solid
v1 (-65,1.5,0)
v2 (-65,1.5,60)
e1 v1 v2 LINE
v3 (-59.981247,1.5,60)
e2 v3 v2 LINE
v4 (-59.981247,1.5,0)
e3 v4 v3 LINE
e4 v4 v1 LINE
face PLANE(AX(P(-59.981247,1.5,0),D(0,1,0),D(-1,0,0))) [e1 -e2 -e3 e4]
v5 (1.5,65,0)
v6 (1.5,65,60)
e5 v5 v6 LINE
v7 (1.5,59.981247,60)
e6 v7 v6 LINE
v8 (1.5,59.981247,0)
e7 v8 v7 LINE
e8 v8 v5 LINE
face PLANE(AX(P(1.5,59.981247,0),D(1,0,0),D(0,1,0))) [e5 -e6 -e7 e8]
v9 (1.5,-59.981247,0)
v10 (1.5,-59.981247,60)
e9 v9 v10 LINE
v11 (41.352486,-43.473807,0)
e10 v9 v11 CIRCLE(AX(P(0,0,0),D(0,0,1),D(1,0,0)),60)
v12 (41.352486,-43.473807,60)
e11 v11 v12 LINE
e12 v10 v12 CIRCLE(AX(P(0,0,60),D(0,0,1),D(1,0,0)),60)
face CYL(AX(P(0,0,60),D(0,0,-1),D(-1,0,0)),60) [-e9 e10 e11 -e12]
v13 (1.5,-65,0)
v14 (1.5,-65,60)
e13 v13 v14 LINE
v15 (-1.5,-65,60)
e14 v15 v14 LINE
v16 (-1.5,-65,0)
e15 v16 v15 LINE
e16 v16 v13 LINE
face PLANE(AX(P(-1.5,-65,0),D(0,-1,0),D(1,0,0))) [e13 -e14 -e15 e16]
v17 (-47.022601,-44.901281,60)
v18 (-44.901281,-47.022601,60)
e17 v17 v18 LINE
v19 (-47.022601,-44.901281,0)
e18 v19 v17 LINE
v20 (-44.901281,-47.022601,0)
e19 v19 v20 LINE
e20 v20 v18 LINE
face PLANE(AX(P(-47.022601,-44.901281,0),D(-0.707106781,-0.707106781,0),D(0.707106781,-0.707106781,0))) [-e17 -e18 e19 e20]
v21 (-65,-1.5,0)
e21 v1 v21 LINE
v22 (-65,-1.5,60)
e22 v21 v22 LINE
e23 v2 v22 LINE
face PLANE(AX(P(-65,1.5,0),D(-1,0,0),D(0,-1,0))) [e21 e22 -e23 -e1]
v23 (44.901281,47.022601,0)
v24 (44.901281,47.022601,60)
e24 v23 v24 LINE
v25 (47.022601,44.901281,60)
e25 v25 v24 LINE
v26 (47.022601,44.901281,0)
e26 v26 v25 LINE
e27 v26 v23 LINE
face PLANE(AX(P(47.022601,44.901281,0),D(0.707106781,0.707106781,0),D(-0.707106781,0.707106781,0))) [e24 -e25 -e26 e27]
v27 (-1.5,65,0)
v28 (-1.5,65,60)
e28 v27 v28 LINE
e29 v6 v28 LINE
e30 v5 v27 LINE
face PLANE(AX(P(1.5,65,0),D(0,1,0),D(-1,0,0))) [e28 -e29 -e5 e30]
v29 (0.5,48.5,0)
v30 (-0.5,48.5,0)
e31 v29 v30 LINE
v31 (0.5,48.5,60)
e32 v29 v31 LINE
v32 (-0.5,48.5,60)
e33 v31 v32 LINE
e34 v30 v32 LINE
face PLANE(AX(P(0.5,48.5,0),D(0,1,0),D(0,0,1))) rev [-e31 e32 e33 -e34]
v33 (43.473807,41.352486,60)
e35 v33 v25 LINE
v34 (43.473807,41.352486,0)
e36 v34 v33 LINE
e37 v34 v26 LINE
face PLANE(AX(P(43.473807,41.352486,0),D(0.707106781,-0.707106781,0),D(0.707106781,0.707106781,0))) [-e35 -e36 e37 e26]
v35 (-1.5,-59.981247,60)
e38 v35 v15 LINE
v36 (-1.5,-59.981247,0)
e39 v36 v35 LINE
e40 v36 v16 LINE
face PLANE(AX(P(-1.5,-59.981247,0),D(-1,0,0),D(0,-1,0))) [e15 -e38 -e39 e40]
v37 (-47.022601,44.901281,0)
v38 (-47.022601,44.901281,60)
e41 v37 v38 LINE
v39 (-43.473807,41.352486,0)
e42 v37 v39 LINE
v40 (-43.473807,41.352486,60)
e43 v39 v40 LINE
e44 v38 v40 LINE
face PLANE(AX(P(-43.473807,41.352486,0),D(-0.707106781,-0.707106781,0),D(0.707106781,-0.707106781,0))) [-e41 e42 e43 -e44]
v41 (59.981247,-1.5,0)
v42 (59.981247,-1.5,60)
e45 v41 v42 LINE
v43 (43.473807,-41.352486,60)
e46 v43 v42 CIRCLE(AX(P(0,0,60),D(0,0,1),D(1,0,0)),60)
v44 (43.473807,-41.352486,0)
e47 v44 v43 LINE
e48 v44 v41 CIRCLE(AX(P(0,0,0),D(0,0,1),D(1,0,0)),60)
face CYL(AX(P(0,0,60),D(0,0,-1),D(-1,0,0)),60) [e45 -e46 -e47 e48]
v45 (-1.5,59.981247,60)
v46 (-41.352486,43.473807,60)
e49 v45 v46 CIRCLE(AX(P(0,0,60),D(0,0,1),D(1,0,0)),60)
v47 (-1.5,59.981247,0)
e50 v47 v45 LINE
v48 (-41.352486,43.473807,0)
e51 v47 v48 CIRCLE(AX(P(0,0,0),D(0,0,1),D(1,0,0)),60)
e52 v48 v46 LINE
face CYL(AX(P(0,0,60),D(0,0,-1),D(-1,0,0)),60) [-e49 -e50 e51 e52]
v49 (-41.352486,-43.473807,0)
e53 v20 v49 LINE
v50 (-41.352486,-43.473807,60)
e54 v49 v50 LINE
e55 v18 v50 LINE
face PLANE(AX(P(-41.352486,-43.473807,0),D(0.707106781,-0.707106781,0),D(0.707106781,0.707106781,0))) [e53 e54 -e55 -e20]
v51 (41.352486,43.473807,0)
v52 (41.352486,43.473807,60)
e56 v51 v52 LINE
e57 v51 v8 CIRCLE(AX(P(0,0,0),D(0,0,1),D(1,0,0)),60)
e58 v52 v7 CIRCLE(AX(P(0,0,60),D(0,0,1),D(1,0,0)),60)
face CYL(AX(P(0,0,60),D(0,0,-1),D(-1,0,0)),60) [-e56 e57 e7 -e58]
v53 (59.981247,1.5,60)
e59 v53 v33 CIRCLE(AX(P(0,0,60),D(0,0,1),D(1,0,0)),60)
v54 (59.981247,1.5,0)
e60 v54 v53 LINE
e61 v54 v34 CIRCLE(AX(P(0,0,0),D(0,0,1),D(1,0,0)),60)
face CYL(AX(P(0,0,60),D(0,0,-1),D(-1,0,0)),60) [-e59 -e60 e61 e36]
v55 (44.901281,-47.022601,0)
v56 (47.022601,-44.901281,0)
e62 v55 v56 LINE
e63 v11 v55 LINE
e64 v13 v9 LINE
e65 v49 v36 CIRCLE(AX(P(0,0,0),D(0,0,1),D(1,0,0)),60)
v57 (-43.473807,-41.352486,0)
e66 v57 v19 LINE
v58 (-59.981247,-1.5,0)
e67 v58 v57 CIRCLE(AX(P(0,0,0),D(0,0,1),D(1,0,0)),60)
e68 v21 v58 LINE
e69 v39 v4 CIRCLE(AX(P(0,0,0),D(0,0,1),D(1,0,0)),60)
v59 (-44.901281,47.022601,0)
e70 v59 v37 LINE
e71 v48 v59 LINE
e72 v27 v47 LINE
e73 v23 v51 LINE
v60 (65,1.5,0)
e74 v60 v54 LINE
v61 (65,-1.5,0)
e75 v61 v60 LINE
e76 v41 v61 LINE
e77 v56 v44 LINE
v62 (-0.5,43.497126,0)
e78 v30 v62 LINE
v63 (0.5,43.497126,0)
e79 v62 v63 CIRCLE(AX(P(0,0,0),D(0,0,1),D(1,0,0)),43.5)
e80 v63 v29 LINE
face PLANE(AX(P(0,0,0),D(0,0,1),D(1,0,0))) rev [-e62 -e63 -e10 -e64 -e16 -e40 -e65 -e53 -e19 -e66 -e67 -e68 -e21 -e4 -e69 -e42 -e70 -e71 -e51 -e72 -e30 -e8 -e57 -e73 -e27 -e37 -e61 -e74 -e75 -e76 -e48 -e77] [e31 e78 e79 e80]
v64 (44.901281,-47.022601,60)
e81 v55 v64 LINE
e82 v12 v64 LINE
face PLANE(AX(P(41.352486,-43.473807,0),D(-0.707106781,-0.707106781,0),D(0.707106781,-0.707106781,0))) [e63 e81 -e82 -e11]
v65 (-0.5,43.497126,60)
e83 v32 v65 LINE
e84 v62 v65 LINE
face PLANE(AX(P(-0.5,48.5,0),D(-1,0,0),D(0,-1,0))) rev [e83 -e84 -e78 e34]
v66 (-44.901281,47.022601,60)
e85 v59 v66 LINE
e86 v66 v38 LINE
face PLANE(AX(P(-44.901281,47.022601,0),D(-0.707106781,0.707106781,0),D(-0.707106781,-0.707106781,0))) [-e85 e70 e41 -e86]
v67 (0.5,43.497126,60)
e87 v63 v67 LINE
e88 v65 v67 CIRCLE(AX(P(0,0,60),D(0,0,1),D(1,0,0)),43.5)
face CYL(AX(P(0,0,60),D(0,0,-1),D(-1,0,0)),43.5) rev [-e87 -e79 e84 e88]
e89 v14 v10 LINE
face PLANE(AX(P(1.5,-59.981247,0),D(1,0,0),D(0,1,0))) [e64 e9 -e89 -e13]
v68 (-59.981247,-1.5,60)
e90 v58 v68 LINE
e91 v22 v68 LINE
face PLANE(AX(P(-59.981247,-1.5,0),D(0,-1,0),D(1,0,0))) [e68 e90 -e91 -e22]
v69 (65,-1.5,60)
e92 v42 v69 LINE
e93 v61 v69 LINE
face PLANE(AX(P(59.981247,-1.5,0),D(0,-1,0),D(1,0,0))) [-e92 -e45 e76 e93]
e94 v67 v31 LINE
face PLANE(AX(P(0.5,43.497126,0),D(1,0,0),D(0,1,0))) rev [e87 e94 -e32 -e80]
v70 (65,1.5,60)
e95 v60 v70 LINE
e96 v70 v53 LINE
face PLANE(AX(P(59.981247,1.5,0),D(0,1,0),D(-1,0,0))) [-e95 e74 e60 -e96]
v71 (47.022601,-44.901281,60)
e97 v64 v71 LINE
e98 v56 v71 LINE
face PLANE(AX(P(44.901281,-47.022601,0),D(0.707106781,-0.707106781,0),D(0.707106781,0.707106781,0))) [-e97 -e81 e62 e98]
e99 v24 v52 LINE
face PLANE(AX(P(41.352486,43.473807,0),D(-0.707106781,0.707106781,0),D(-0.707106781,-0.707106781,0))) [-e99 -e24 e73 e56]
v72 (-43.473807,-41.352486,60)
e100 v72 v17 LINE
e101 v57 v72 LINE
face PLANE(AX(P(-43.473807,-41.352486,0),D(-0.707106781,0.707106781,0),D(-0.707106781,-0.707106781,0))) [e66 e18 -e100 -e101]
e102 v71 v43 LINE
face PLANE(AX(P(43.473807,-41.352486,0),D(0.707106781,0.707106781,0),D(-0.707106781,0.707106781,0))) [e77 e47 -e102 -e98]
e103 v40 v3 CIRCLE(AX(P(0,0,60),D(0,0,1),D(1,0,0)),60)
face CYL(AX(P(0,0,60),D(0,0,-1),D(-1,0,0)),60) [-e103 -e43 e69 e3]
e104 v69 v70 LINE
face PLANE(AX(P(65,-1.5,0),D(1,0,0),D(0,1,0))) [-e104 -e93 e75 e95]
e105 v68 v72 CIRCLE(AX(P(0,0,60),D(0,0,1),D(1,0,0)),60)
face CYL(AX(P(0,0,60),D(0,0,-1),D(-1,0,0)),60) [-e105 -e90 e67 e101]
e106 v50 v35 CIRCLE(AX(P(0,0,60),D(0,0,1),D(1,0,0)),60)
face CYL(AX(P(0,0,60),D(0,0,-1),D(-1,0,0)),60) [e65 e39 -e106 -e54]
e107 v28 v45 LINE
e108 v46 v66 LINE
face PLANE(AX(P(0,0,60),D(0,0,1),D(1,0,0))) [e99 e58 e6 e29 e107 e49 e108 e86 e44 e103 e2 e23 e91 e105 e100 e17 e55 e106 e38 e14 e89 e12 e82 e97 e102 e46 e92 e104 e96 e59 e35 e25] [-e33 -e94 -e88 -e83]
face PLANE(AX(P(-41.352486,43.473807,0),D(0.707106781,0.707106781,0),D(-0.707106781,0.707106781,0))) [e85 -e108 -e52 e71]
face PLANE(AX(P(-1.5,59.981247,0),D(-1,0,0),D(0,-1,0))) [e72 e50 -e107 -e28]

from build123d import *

# Parameters (mm, degrees)
SKETCH1_R           = 60
SKETCH1_R_2         = 43.5
EXTRUSION1_DEPTH    = 60
EXTRUSION3_START    = -60
EXTRUSION3_DEPTH    = 60
BOSS_EXTRUDE1_DEPTH = 60


with BuildPart() as part:
    # Sketch1 → Extrusion1 (new body)
    with BuildSketch(Plane.XY):
        Circle(SKETCH1_R)
        Circle(SKETCH1_R_2, mode=Mode.SUBTRACT)
    extrude(amount=EXTRUSION1_DEPTH)

    # Sketch3 → Extrusion3 (cut)
    with BuildSketch(Plane.XY.offset(60).offset(EXTRUSION3_START)):
        with BuildLine():
            Line((-0.5, 48.5), (-0.5, 43.497126342))
            ThreePointArc((-0.5, 43.497126342), (0, 43.5), (0.5, 43.497126342))
            Line((0.5, 43.497126342), (0.5, 48.5))
            Line((0.5, 48.5), (-0.5, 48.5))
        make_face()
    extrude(amount=EXTRUSION3_DEPTH, mode=Mode.SUBTRACT)

    # Sketch4 → Boss-Extrude1 (add, through all)
    with BuildSketch(Plane.XY.offset(60)):
        with BuildLine():
            Line((41.352486375, 43.473806719), (44.901280605, 47.022600949))
            Line((44.901280605, 47.022600949), (47.022600949, 44.901280605))
            Line((47.022600949, 44.901280605), (43.473806719, 41.352486375))
            ThreePointArc((43.473806719, 41.352486375), (42.426406871, 42.426406871), (41.352486375, 43.473806719))
        make_face()
        with BuildLine():
            Line((1.5, 59.981247069), (1.5, 65))
            Line((1.5, 65), (-1.5, 65))
            Line((-1.5, 65), (-1.5, 59.981247069))
            ThreePointArc((-1.5, 59.981247069), (0, 60), (1.5, 59.981247069))
        make_face()
        with BuildLine():
            Line((59.981247069, 1.5), (65, 1.5))
            Line((65, 1.5), (65, -1.5))
            Line((65, -1.5), (59.981247069, -1.5))
            ThreePointArc((59.981247069, -1.5), (60, 0), (59.981247069, 1.5))
        make_face()
        with BuildLine():
            Line((43.473806719, -41.352486375), (47.022600949, -44.901280605))
            Line((47.022600949, -44.901280605), (44.901280605, -47.022600949))
            Line((44.901280605, -47.022600949), (41.352486375, -43.473806719))
            ThreePointArc((41.352486375, -43.473806719), (42.426406871, -42.426406871), (43.473806719, -41.352486375))
        make_face()
        with BuildLine():
            Line((1.5, -59.981247069), (1.5, -65))
            Line((1.5, -65), (-1.5, -65))
            Line((-1.5, -65), (-1.5, -59.981247069))
            ThreePointArc((-1.5, -59.981247069), (0, -60), (1.5, -59.981247069))
        make_face()
        with BuildLine():
            Line((-41.352486375, -43.473806719), (-44.901280605, -47.022600949))
            Line((-44.901280605, -47.022600949), (-47.022600949, -44.901280605))
            Line((-47.022600949, -44.901280605), (-43.473806719, -41.352486375))
            ThreePointArc((-43.473806719, -41.352486375), (-42.426406871, -42.426406871), (-41.352486375, -43.473806719))
        make_face()
        with BuildLine():
            Line((-59.981247069, -1.5), (-65, -1.5))
            Line((-65, -1.5), (-65, 1.5))
            Line((-65, 1.5), (-59.981247069, 1.5))
            ThreePointArc((-59.981247069, 1.5), (-60, 0), (-59.981247069, -1.5))
        make_face()
        with BuildLine():
            Line((-43.473806719, 41.352486375), (-47.022600949, 44.901280605))
            Line((-47.022600949, 44.901280605), (-44.901280605, 47.022600949))
            Line((-44.901280605, 47.022600949), (-41.352486375, 43.473806719))
            ThreePointArc((-41.352486375, 43.473806719), (-42.426406871, 42.426406871), (-43.473806719, 41.352486375))
        make_face()
    extrude(amount=-BOSS_EXTRUDE1_DEPTH)


solid = part.part
